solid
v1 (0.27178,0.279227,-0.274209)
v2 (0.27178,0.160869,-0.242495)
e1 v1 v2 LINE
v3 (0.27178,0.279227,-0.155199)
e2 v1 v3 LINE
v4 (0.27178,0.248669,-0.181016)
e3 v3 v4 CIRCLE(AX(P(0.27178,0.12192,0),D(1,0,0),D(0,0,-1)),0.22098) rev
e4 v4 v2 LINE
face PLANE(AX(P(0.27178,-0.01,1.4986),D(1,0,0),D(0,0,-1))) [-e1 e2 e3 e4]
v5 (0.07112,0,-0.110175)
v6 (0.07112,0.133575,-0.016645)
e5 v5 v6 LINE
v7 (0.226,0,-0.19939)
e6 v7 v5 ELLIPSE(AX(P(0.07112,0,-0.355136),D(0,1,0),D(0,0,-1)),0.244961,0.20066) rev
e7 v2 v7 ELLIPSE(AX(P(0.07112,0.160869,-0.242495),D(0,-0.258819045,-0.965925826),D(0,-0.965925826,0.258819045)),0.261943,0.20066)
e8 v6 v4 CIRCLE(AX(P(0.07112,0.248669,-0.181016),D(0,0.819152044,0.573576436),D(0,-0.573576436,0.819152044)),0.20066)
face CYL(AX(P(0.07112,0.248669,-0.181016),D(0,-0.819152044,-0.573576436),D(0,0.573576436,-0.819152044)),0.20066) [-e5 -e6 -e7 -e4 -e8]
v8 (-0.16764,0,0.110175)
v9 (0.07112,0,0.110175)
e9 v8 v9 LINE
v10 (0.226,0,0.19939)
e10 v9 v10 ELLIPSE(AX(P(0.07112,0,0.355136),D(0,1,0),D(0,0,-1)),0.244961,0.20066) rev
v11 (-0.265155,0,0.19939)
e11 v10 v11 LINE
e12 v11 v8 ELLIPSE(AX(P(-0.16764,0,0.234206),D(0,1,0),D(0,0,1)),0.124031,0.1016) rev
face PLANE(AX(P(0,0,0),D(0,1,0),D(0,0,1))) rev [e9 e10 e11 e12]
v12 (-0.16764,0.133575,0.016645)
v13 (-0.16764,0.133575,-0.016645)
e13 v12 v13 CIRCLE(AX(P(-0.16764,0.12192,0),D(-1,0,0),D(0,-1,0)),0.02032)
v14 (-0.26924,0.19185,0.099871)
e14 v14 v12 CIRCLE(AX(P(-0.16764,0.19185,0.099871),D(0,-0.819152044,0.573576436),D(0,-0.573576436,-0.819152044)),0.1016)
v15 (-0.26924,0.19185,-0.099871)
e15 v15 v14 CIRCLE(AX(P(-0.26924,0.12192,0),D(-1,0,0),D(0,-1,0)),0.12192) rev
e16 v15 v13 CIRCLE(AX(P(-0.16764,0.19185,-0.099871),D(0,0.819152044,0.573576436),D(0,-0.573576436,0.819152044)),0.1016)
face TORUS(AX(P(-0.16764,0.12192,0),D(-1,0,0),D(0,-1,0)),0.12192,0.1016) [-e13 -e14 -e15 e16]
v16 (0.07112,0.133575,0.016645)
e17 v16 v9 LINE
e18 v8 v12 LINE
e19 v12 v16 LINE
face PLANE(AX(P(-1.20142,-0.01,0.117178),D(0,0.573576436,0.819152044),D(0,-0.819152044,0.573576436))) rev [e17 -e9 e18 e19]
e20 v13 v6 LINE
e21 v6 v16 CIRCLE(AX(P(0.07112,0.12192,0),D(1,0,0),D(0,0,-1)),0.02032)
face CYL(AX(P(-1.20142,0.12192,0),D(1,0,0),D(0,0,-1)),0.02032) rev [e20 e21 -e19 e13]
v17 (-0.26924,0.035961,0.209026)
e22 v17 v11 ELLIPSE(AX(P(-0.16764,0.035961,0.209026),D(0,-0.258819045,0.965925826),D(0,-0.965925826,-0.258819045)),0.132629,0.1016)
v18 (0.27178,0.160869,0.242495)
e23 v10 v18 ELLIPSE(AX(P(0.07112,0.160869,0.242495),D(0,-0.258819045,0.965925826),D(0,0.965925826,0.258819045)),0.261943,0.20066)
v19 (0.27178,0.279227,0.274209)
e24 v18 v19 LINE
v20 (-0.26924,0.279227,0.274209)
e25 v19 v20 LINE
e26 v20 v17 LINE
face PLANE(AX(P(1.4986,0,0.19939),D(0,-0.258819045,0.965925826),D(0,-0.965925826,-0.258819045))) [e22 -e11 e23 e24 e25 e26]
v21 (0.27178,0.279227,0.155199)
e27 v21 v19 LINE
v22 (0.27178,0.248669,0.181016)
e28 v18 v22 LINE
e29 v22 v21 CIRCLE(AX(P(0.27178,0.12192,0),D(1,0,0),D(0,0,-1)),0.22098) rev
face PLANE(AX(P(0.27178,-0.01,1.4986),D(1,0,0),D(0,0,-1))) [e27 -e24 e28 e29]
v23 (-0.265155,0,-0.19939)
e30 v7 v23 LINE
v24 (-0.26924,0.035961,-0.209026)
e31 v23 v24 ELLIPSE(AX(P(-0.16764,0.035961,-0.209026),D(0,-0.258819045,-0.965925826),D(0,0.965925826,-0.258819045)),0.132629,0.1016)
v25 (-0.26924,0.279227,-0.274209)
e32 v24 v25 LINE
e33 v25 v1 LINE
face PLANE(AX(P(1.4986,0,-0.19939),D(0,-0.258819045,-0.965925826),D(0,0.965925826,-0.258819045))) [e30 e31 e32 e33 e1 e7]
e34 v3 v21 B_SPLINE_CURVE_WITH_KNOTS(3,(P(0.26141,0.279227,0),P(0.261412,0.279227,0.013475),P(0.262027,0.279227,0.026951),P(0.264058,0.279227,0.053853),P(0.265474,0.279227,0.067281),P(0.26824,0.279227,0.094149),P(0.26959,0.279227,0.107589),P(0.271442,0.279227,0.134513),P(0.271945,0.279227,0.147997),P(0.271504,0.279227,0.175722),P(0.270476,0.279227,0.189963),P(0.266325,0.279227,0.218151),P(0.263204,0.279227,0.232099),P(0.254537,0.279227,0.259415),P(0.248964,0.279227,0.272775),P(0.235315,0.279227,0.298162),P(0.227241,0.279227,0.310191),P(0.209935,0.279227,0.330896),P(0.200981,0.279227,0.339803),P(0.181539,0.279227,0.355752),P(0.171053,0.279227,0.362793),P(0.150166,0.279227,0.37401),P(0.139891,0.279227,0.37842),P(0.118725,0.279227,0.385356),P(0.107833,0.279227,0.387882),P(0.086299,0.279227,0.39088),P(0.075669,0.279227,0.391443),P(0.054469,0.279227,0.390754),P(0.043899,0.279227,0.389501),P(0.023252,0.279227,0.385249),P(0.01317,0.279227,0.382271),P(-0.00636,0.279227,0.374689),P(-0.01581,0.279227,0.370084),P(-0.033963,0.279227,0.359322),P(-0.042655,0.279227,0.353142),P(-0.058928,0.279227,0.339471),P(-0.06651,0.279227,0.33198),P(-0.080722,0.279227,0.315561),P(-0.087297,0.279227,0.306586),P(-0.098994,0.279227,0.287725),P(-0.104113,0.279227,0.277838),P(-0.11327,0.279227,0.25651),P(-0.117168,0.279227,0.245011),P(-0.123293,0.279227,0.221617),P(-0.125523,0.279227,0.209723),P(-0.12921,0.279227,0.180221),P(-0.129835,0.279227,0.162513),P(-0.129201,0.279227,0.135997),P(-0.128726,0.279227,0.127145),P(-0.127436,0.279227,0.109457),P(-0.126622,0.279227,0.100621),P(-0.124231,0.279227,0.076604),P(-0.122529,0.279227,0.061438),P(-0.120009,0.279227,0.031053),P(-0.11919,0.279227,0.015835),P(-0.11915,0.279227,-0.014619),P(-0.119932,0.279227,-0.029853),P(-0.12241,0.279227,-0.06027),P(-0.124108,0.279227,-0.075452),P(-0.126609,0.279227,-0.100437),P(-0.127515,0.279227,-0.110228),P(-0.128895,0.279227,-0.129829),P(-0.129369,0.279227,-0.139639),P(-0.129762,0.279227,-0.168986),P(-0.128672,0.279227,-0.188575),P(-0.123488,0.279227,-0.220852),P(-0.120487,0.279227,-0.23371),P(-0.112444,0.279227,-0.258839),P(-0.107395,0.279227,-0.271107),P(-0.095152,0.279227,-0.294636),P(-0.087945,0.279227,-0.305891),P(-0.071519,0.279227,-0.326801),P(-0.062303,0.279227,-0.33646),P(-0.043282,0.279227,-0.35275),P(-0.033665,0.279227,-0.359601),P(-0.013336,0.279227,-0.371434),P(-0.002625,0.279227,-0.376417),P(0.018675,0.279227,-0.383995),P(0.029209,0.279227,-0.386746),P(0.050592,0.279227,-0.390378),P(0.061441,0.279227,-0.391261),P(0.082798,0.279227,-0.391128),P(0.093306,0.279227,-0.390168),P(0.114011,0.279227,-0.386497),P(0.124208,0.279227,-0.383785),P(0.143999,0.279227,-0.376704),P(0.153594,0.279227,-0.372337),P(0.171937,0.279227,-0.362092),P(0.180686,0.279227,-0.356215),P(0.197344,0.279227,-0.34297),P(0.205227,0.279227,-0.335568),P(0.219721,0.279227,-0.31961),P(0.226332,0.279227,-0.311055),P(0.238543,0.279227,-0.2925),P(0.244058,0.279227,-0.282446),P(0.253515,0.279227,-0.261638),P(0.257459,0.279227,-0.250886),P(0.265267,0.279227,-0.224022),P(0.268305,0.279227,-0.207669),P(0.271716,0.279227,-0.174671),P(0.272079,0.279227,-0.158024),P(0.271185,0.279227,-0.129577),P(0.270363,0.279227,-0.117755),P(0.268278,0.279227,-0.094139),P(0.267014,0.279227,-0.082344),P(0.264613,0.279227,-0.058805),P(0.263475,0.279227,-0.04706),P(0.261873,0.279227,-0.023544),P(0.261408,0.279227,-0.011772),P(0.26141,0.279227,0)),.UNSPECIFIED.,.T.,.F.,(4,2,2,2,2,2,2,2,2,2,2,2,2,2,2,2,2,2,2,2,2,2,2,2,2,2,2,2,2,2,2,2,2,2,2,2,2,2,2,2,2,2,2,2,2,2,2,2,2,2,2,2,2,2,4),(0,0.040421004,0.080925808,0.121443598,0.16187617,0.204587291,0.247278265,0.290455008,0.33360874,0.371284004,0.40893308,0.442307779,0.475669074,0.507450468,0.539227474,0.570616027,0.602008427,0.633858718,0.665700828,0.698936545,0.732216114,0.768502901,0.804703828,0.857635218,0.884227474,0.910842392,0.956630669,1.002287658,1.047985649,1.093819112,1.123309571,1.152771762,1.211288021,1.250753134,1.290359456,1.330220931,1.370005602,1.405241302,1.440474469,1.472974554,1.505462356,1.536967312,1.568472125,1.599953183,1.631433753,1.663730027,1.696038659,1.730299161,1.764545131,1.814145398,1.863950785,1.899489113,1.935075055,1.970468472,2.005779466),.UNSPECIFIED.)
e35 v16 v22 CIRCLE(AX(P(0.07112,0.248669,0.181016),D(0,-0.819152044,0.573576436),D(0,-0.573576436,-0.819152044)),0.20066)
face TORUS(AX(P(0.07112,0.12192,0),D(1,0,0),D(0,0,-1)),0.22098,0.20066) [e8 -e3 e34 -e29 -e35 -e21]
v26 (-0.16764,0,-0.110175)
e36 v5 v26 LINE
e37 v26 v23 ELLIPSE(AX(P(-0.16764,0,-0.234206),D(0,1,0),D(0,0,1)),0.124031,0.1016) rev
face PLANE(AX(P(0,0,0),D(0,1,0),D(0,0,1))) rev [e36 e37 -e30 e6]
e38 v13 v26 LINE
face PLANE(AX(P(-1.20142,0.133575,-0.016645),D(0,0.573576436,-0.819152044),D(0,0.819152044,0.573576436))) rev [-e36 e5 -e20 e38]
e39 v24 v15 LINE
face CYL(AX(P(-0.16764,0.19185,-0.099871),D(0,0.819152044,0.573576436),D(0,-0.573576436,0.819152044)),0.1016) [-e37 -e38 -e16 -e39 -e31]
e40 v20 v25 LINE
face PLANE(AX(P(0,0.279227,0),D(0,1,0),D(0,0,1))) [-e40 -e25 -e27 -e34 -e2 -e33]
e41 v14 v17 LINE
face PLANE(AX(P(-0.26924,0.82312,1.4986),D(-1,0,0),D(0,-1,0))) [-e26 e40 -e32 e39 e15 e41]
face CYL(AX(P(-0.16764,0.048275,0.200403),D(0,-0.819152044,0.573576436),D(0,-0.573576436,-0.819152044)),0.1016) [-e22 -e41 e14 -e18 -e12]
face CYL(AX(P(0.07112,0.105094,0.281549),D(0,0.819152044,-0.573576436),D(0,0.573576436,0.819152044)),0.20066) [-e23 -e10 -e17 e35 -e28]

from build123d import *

# Parameters (mm, degrees)
SKETCH_TL_CUTTING_R    = 1.4986
TL_CUTTING_DEPTH       = 75.9968
SKETCH_TDF_CUTTING_W   = 3.01719996
SKETCH_TDF_CUTTING_H   = 3.01719996
TDF_CUTTING_DEPTH      = 77.026345527
VW_VR_GRINDING_DEPTH   = 1.4986
VW_VR_GRINDING_2_DEPTH = 1.4986
ISA_GRINDING_DEPTH     = 1.4986
SKETCH_PRE_FRX_BRX_W   = 1.21682002
SKETCH_PRE_FRX_BRX_H   = 0.83312
SKETCH_PRE_FRX_BRX_W_2 = 1.24935996
PRE_FRX_BRX_DEPTH      = 1.4986
FA_BA_GRINDING_DEPTH   = 1.4986
FR_EDM_R               = 0.1016
BR_EDM_R               = 0.20066
SKETCH_ENGRAVING_W     = 0.033186299
SKETCH_ENGRAVING_H     = 1.128593452
SKETCH_ENGRAVING_H_2   = 1.128593453
ENGRAVING_DEPTH        = 0.005


with BuildPart() as part:
    # sketch_TL_cutting → TL_cutting (new body)
    with BuildSketch(Plane(origin=(0, 0, 0), x_dir=(1, 0, 0), z_dir=(0, 1, 0))):
        with Locations(Location((0, 0, 0), (0, 0, 270))):
            Circle(SKETCH_TL_CUTTING_R)
    extrude(amount=TL_CUTTING_DEPTH)

    # sketch_TDF_cutting → TDF_cutting (cut, through all)
    with BuildSketch(Plane(origin=(0, 0, 0), x_dir=(1, 0, 0), z_dir=(0, 1, 0))):
        with Locations((-2.71001998, 0)):
            Rectangle(SKETCH_TDF_CUTTING_W, SKETCH_TDF_CUTTING_H)
    extrude(amount=TDF_CUTTING_DEPTH, mode=Mode.SUBTRACT)


with BuildPart() as body_2:
    # sketch_VW_VR_grinding → VW_VR_grinding (new, symmetric)
    with BuildSketch(Plane(origin=(0, 0, 0), x_dir=(0, 0, -1), z_dir=(1, 0, 0))):
        with BuildLine():
            Line((-1.49360001, -0.00999998), (-1.49360001, 0.822008914))
            ThreePointArc((-1.49360001, 0.822008914), (-1.493648337, 0.823115792), (-1.493792952, 0.824214246))
            Line((-1.493792952, 0.824214246), (-1.51859996, 0.964901782))
            Line((-1.51859996, 0.964901782), (-1.50859998, -0.00999998))
            Line((-1.50859998, -0.00999998), (-1.49360001, -0.00999998))
        make_face()
    extrude(amount=VW_VR_GRINDING_DEPTH, both=True)


with BuildPart() as body_3:
    # sketch_VW_VR_grinding → VW_VR_grinding 2 (new, symmetric)
    with BuildSketch(Plane(origin=(0, 0, 0), x_dir=(0, 0, -1), z_dir=(1, 0, 0))):
        with BuildLine():
            Line((1.49360001, -0.00999998), (1.49360001, 0.822008914))
            ThreePointArc((1.49360001, 0.822008914), (1.493648337, 0.823115792), (1.493792952, 0.824214246))
            Line((1.493792952, 0.824214246), (1.51859996, 0.964901782))
            Line((1.51859996, 0.964901782), (1.50859998, -0.00999998))
            Line((1.50859998, -0.00999998), (1.49360001, -0.00999998))
        make_face()
    extrude(amount=VW_VR_GRINDING_2_DEPTH, both=True)


    add(body_2.part)  # ISA_grinding merges body 2
    # sketch_ISA_grinding → ISA_grinding (add, symmetric)
    with BuildSketch(Plane(origin=(0, 0, 0), x_dir=(0, 0, -1), z_dir=(1, 0, 0))):
        Polygon((-0.19939, 0), (0.19939, 0), (1.50859998, 4.886038163), (1.50859998, -0.02999994), (-1.50859998, -0.02999994), (-1.50859998, 4.886038163), align=None)
    extrude(amount=ISA_GRINDING_DEPTH, both=True)

    # sketch_pre_FRX_BRX → pre_FRX_BRX (add, symmetric)
    with BuildSketch(Plane.XY):
        with Locations((0.89018999, 0.40656002)):
            Rectangle(SKETCH_PRE_FRX_BRX_W, SKETCH_PRE_FRX_BRX_H)
        with Locations((-0.89391998, 0.40656002)):
            Rectangle(SKETCH_PRE_FRX_BRX_W_2, SKETCH_PRE_FRX_BRX_H)
    extrude(amount=PRE_FRX_BRX_DEPTH, both=True)

    # sketch_FA_BA_grinding → FA_BA_grinding (add, symmetric)
    with BuildSketch(Plane.XY):
        Polygon((0.27178, -0.00999998), (0.27178, 0.83312), (1.6256, 10.466049838), (1.6256, -0.00999998), align=None)
        Polygon((-0.26924, -0.00999998), (-0.26924, 0.83312), (-1.32842, 8.369577303), (-1.32842, -0.00999998), align=None)
    extrude(amount=FA_BA_GRINDING_DEPTH, both=True)


with BuildPart() as part_1:
    add(part.part)

    # B1_fix: cut body 3
    add(body_3.part, mode=Mode.SUBTRACT)

    # V-Groove_EDM: sweep along a path in sketch_contour_V-Groove
    with BuildLine(Plane.XY) as v_groove_edm_path:
        Line((-1.20142, 0.14224), (1.4986, 0.14224))
    # sketch_section_V-Groove → V-Groove_EDM (sweep, cut)
    with BuildSketch(Plane(origin=(-1.20142, 0, -1.2954), x_dir=(0, 0, -1), z_dir=(1, 0, 0))):
        with BuildLine():
            Line((-1.27875483, 0.133575073), (-1.178222496, -0.00999998))
            Line((-1.178222496, -0.00999998), (-1.412577504, -0.00999998))
            Line((-1.412577504, -0.00999998), (-1.31204517, 0.133575073))
            ThreePointArc((-1.31204517, 0.133575073), (-1.2954, 0.14224), (-1.27875483, 0.133575073))
        make_face()
    sweep(path=v_groove_edm_path.line, mode=Mode.SUBTRACT)

    # FR_EDM
    fr_edm_edges = [part_1.edges().sort_by_distance(p)[0] for p in [
        (-0.26924, 0.14224, 0),
        (-0.26924, 0.066787537, -0.063410306),
        (-0.26924, 0.066787537, 0.063410306),
    ]]
    fillet(fr_edm_edges, radius=FR_EDM_R)

    # BR_EDM
    br_edm_edges = [part_1.edges().sort_by_distance(p)[0] for p in [
        (0.27178, 0.066787537, 0.063410306),
        (0.27178, 0.14224, 0),
        (0.27178, 0.066787537, -0.063410306),
    ]]
    fillet(br_edm_edges, radius=BR_EDM_R)

    # sketch_Engraving → Engraving (cut)
    # profile 1 of 14: a face of its own
    with BuildSketch(Plane.ZY.offset(1.20142)):
        Polygon((0.531688452, 45.269846756), (0.531688452, 44.551415224), (0.030264207, 44.92787231), (0.030264207, 44.765052028), (-0.034552784, 44.633862437), (-0.102740259, 44.56723057), (-0.296154161, 44.503450651), (-0.425528876, 44.503450651), (-0.618942778, 44.56723057), (-0.749354564, 44.69842016), (-0.81235668, 44.891834063), (-0.81235668, 45.083433089), (-0.749354564, 45.276846991), (-0.682722697, 45.345293734), (-0.555940662, 45.408295849), (-0.541940192, 45.382887589), (-0.665351744, 45.320663277), (-0.724724108, 45.262846521), (-0.785133544, 45.080062605), (-0.785133544, 44.895463814), (-0.724724108, 44.712420631), (-0.604164504, 44.592638831), (-0.42112132, 44.531451591), (-0.299524645, 44.531451591), (-0.116740729, 44.592638831), (-0.059701777, 44.652270463), (0.001485463, 44.772052263), (0.001485463, 44.985429798), (0.502909708, 44.60923198), (0.502909708, 45.269846756), align=None)
    # profile 2 of 14: a face of its own
    with BuildSketch(Plane.ZY.offset(1.20142)):
        Polygon((-0.79576353, 43.729743189), (-0.79576353, 43.758521933), (0.483723879, 43.758521933), (0.316755309, 43.923157091), (0.254530997, 44.049939126), (0.278902186, 44.064976668), (0.341904302, 43.940528044), (0.531688452, 43.74996609), (0.531688452, 43.729743189), align=None)
    # profile 3 of 14: a face of its own
    with BuildSketch(Plane.ZY.offset(1.20142)):
        Polygon((-0.79576353, 42.579837909), (-0.79576353, 42.608616653), (0.483723879, 42.608616653), (0.316755309, 42.773251811), (0.254530997, 42.900033846), (0.278902186, 42.915071388), (0.341904302, 42.790622765), (0.531688452, 42.60006081), (0.531688452, 42.579837909), align=None)
    # profile 4 of 14: a face of its own
    with BuildSketch(Plane.ZY.offset(1.20142)):
        Polygon((-0.786170615, 41.055549687), (-0.79576353, 41.079920876), (-0.367193584, 41.245333838), (-0.367193584, 41.893763019), (-0.79576353, 42.059175981), (-0.786170615, 42.08354717), (0.531688452, 41.578752441), (0.531688452, 41.559566612), align=None)
        Polygon((-0.340748251, 41.255704557), (0.478538519, 41.569159527), (-0.340748251, 41.883133033), align=None, mode=Mode.SUBTRACT)
    # profile 5 of 14: a face of its own
    with BuildSketch(Plane.ZY.offset(1.20142)):
        with Locations((-0.231596438, 40.285083075)):
            Rectangle(SKETCH_ENGRAVING_W, SKETCH_ENGRAVING_H)
    # profile 6 of 14: a face of its own
    with BuildSketch(Plane.ZY.offset(1.20142)):
        Polygon((0.515095302, 38.490248732), (-0.79576353, 38.988821029), (-0.79576353, 39.018636845), (0.521058466, 39.518246214), (0.531688452, 39.493875025), (-0.756354799, 39.003858571), (0.525466021, 38.514619921), align=None)
    # profile 7 of 14: a face of its own
    with BuildSketch(Plane.ZY.offset(1.20142)):
        Polygon((-0.786170615, 38.108295165), (0.502909708, 37.49227448), (0.502909708, 38.347080961), (0.531688452, 38.347080961), (0.531688452, 37.44508771), (-0.79576353, 38.083664709), align=None)
    # profile 8 of 14: a face of its own
    with BuildSketch(Plane.ZY.offset(1.20142)):
        Polygon((-0.554125786, 36.366740389), (-0.749354564, 36.498189247), (-0.81235668, 36.693158757), (-0.81235668, 36.82279274), (-0.749354564, 37.01776225), (-0.554125786, 37.148174036), (-0.237559601, 37.211176152), (-0.044923503, 37.211176152), (0.271901951, 37.148174036), (0.466871461, 37.01776225), (0.531688452, 36.82279274), (0.531688452, 36.693158757), (0.466871461, 36.498189247), (0.271901951, 36.366740389), (-0.044923503, 36.304775345), (-0.237559601, 36.304775345), align=None)
        Polygon((-0.539347512, 36.395778401), (-0.22874449, 36.332776285), (-0.044923503, 36.332776285), (0.26567952, 36.395778401), (0.446907827, 36.515560201), (0.507057995, 36.696788509), (0.507057995, 36.818385184), (0.446907827, 36.999613492), (0.26567952, 37.120173096), (-0.044923503, 37.182397408), (-0.22874449, 37.182397408), (-0.539347512, 37.120173096), (-0.72057582, 36.999613492), (-0.780985256, 36.818385184), (-0.780985256, 36.696788509), (-0.72057582, 36.515560201), align=None, mode=Mode.SUBTRACT)
    # profile 9 of 14: a face of its own
    with BuildSketch(Plane.ZY.offset(1.20142)):
        with Locations((-0.231596438, 35.419971561)):
            Rectangle(SKETCH_ENGRAVING_W, SKETCH_ENGRAVING_H_2)
    # profile 10 of 14: a face of its own
    with BuildSketch(Plane.ZY.offset(1.20142)):
        Polygon((-0.541940192, 34.502759279), (-0.665351744, 34.440534968), (-0.724724108, 34.382718211), (-0.785133544, 34.199934296), (-0.785133544, 34.015335505), (-0.724724108, 33.832292321), (-0.604164504, 33.712510521), (-0.42112132, 33.651323281), (-0.299524645, 33.651323281), (-0.116740729, 33.712510521), (0.003041071, 33.832292321), (0.064487579, 34.015335505), (0.064487579, 34.199934296), (0.003041071, 34.382718211), (-0.086924913, 34.470350784), (0.531688452, 34.402941113), (0.531688452, 33.762289971), (0.502909708, 33.762289971), (0.502909708, 34.377532852), (-0.007329648, 34.434312537), (0.028449332, 34.396718682), (0.092488519, 34.203304779), (0.092488519, 34.011705753), (0.028449332, 33.818291851), (-0.102740259, 33.687102261), (-0.296154161, 33.623322341), (-0.425528876, 33.623322341), (-0.618942778, 33.687102261), (-0.749354564, 33.818291851), (-0.81235668, 34.011705753), (-0.81235668, 34.203304779), (-0.749354564, 34.396718682), (-0.682722697, 34.465165424), (-0.555940662, 34.52816754), align=None)
    # profile 11 of 14: a face of its own
    with BuildSketch(Plane.ZY.offset(1.20142)):
        Polygon((-0.554125786, 32.535382105), (-0.749354564, 32.666830964), (-0.81235668, 32.861800473), (-0.81235668, 32.991434456), (-0.749354564, 33.186403966), (-0.554125786, 33.316815753), (-0.237559601, 33.379817868), (-0.044923503, 33.379817868), (0.271901951, 33.316815753), (0.466871461, 33.186403966), (0.531688452, 32.991434456), (0.531688452, 32.861800473), (0.466871461, 32.666830964), (0.271901951, 32.535382105), (-0.044923503, 32.473417061), (-0.237559601, 32.473417061), align=None)
        Polygon((-0.539347512, 32.564420117), (-0.22874449, 32.501418002), (-0.044923503, 32.501418002), (0.26567952, 32.564420117), (0.446907827, 32.684201917), (0.507057995, 32.865430225), (0.507057995, 32.987026901), (0.446907827, 33.168255208), (0.26567952, 33.288814812), (-0.044923503, 33.351039124), (-0.22874449, 33.351039124), (-0.539347512, 33.288814812), (-0.72057582, 33.168255208), (-0.780985256, 32.987026901), (-0.780985256, 32.865430225), (-0.72057582, 32.684201917), align=None, mode=Mode.SUBTRACT)
    # profile 12 of 14: a face of its own
    with BuildSketch(Plane.ZY.offset(1.20142)):
        Polygon((-0.554125786, 31.385476826), (-0.749354564, 31.516925684), (-0.81235668, 31.711895194), (-0.81235668, 31.841529177), (-0.749354564, 32.036498686), (-0.554125786, 32.166910473), (-0.237559601, 32.229912589), (-0.044923503, 32.229912589), (0.271901951, 32.166910473), (0.466871461, 32.036498686), (0.531688452, 31.841529177), (0.531688452, 31.711895194), (0.466871461, 31.516925684), (0.271901951, 31.385476826), (-0.044923503, 31.323511782), (-0.237559601, 31.323511782), align=None)
        Polygon((-0.539347512, 31.414514838), (-0.22874449, 31.351512722), (-0.044923503, 31.351512722), (0.26567952, 31.414514838), (0.446907827, 31.534296638), (0.507057995, 31.715524945), (0.507057995, 31.837121621), (0.446907827, 32.018349929), (0.26567952, 32.138909533), (-0.044923503, 32.201133844), (-0.22874449, 32.201133844), (-0.539347512, 32.138909533), (-0.72057582, 32.018349929), (-0.780985256, 31.837121621), (-0.780985256, 31.715524945), (-0.72057582, 31.534296638), align=None, mode=Mode.SUBTRACT)
    # profile 13 of 14: a face of its own
    with BuildSketch(Plane.ZY.offset(1.20142)):
        with Locations((-0.231596438, 30.438707997)):
            Rectangle(SKETCH_ENGRAVING_W, SKETCH_ENGRAVING_H_2)
    # profile 14 of 14: a face of its own
    with BuildSketch(Plane.ZY.offset(1.20142)):
        Polygon((-0.79576353, 29.018256595), (-0.79576353, 29.04703534), (0.483723879, 29.04703534), (0.316755309, 29.211670497), (0.254530997, 29.338452532), (0.278902186, 29.353490074), (0.341904302, 29.229041451), (0.531688452, 29.038479497), (0.531688452, 29.018256595), align=None)
    extrude(amount=-ENGRAVING_DEPTH, mode=Mode.SUBTRACT)

    # SurfaceCut1
    split(bisect_by=Plane(origin=(0, 0.279226503, 0), x_dir=(1, 0, 0), z_dir=(0, 1, 0)), keep=Keep.BOTTOM)


solid = part_1.part
